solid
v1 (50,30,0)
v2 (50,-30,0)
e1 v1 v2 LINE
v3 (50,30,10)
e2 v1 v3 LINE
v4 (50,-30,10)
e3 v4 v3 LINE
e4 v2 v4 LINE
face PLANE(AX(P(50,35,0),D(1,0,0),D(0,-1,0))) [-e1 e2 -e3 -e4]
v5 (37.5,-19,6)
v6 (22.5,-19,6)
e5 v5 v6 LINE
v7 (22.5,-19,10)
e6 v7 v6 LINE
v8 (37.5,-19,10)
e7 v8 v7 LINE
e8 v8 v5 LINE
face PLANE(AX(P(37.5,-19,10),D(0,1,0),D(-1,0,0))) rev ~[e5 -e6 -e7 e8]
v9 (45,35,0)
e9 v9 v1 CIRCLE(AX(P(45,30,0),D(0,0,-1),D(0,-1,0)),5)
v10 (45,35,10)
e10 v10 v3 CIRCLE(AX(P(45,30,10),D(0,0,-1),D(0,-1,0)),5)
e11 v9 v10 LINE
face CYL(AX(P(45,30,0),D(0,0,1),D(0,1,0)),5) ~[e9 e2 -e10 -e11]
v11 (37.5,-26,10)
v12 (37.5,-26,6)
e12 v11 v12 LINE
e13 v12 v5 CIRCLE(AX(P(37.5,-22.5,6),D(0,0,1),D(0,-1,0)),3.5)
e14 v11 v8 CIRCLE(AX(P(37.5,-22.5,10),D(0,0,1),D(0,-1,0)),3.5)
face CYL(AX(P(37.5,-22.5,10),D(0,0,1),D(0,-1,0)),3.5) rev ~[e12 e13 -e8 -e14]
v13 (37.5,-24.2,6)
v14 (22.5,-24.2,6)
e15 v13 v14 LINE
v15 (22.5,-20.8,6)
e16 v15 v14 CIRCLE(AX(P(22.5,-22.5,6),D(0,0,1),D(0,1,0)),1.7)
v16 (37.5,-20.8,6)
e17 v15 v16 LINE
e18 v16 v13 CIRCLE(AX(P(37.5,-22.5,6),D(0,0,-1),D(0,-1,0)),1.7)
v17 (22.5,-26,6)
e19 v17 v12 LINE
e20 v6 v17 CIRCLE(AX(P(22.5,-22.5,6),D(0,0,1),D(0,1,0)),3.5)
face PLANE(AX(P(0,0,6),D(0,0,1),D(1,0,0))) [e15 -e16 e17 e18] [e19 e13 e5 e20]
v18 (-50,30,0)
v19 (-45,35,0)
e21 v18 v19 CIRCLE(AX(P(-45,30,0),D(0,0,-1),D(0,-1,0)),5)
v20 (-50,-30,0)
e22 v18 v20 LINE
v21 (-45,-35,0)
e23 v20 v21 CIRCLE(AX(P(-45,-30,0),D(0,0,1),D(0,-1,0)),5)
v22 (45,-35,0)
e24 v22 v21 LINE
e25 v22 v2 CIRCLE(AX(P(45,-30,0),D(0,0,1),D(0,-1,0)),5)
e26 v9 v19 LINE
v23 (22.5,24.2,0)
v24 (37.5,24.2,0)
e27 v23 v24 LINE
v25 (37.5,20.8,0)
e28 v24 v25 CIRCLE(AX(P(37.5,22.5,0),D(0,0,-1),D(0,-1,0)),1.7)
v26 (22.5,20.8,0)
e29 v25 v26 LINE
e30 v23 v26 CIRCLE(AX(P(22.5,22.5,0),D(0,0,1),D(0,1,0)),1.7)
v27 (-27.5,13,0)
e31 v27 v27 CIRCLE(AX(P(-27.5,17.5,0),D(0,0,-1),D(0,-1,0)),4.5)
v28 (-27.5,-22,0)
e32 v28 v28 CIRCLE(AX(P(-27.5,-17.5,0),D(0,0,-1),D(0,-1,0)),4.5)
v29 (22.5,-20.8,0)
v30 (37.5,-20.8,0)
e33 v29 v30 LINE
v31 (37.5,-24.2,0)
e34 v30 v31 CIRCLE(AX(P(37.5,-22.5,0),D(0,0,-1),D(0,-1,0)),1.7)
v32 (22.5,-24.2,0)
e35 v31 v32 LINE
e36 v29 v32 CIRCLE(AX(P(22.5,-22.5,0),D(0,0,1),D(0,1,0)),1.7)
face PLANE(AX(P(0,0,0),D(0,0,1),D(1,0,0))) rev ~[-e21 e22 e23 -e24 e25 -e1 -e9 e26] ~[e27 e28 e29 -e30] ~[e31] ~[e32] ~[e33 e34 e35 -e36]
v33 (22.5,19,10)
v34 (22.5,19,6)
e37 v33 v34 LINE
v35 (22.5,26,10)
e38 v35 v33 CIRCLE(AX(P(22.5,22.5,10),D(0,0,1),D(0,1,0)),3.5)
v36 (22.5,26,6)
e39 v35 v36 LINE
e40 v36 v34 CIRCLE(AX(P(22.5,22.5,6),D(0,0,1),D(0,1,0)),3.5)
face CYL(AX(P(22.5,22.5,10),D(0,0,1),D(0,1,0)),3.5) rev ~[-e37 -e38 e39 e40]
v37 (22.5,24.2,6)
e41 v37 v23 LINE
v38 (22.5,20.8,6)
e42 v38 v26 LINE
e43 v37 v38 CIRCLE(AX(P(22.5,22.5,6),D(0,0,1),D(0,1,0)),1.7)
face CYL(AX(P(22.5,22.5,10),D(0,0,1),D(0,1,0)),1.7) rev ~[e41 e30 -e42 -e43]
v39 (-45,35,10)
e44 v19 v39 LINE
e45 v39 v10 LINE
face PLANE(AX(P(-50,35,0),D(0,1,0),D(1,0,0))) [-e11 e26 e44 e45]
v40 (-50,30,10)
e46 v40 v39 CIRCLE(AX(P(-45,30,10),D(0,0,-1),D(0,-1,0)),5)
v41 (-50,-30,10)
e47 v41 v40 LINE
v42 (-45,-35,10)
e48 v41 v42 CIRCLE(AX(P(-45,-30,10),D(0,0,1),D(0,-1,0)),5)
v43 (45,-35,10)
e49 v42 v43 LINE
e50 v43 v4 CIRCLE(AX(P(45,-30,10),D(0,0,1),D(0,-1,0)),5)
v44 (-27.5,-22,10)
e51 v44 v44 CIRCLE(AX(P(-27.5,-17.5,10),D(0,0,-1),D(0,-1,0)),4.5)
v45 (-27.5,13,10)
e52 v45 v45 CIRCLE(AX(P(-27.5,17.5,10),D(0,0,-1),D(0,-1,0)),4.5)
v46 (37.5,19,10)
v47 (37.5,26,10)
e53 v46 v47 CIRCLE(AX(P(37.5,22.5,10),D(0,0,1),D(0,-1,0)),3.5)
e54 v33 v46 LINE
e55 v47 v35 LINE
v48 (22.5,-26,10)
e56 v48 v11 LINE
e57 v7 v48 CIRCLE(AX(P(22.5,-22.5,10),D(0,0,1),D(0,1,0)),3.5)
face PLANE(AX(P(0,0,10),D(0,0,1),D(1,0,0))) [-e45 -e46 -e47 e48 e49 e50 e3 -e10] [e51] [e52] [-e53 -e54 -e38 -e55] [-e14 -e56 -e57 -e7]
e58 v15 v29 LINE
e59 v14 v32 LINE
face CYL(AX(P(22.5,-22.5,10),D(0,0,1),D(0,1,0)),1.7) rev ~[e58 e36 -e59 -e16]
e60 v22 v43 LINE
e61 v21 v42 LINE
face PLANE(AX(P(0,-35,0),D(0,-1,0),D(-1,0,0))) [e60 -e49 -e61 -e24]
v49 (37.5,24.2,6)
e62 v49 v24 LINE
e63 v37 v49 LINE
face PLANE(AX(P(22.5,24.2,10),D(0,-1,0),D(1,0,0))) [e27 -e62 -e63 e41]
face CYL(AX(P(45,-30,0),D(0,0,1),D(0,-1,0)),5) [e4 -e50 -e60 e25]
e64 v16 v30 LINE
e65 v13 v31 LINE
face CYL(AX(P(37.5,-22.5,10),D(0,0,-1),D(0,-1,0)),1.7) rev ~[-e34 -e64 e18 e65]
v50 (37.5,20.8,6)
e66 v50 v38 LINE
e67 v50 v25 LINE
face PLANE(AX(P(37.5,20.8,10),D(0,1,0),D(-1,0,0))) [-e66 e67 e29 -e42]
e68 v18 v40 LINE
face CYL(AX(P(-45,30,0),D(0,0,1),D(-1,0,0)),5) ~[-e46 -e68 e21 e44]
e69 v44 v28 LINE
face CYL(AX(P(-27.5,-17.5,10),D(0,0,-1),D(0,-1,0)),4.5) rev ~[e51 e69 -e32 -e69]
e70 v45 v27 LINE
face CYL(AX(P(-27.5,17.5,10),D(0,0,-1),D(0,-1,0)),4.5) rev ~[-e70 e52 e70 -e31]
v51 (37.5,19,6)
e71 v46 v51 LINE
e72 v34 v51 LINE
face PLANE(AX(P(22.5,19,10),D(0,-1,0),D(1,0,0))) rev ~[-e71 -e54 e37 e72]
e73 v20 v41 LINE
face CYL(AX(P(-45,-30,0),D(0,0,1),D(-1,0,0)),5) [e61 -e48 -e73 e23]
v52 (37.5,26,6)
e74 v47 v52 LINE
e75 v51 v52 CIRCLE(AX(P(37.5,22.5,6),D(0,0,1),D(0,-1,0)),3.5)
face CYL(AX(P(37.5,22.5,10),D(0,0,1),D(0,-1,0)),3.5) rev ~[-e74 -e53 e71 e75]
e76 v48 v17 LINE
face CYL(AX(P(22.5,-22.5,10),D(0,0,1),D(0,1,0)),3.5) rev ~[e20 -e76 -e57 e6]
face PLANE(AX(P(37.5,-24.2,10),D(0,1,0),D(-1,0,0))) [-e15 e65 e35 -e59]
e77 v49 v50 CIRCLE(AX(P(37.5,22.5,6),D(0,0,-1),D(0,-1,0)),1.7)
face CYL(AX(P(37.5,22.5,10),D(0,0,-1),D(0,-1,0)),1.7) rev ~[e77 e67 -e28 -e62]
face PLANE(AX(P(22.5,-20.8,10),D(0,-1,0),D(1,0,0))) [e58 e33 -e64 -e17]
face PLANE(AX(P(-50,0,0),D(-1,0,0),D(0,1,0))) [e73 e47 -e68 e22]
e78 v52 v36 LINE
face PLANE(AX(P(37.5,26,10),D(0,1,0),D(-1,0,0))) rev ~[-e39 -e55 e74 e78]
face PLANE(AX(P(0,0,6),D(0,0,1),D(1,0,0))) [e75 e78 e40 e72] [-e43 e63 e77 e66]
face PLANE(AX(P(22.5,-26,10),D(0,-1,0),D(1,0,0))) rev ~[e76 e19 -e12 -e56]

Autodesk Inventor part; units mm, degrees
ref_plane "YZ Plane" through (0, 0, 0) normal (1, 0, 0) x (0, 1, 0)
ref_plane "XZ Plane" through (0, 0, 0) normal (0, 1, 0) x (-1, 0, 0)
ref_plane "XY Plane" through (0, 0, 0) normal (0, 0, 1) x (1, 0, 0)
sketch "Náčrt1" plane through (0, 0, 0) normal (0, 0, 1) x (1, 0, 0)
  line L0 (-70, 0) -> (70, 0) projected
  line L1 (0, -49) -> (0, 49) projected
  line L2 (-50, 35) -> (50, 35)
  line L3 (50, 35) -> (50, -35)
  line L4 (50, -35) -> (-50, -35)
  line L5 (-50, -35) -> (-50, 35)
  point P0 (0, 0)
  point P1 (0, 35)
  point P2 (-50, 0)
  dimension "d0" = 70
  dimension "d1" = 100
extrude "Vysunutí1" add sketch "Náčrt1" along normal blind 10
fillet "Zaoblení1" radius 5 4 edges at (50, 35, 5) (50, -35, 5) (-50, -35, 5) (-50, 35, 5)
sketch "Náčrt2" plane through (0, 0, 10) normal (0, 0, 1) x (1, 0, 0)
  line L0 (-50, 30) -> (-50, -30) projected
  point P0 (0, 0)
  point P1 (-27.5, 17.5)
  point P2 (-27.5, -17.5)
  point P3 (-50, 0)
  dimension "d5" = 22.5
  dimension "d6" = 22.5
  dimension "d7" = 35
  dimension "d8" = 17.5
hole "Díra1" at (-27.5, 17.5, 10) at (-27.5, -17.5, 10) direction (0, 0, -1) diameter 9 end through all
sketch "Náčrt3" plane through (0, 0, 10) normal (0, 0, 1) x (1, 0, 0)
  line L0 (50, -30) -> (50, 30) projected
  line L1 (37.5, 22.5) -> (22.5, 22.5) construction
  line L2 (37.5, 26) -> (22.5, 26)
  line L3 (22.5, 19) -> (37.5, 19)
  arc A0 (37.5, 19) -> (37.5, 26) centre (37.5, 22.5) ccw
  arc A1 (22.5, 26) -> (22.5, 19) centre (22.5, 22.5) ccw
  line L4 (37.5, -22.5) -> (22.5, -22.5) construction
  line L5 (37.5, -19) -> (22.5, -19)
  line L6 (22.5, -26) -> (37.5, -26)
  arc A2 (37.5, -26) -> (37.5, -19) centre (37.5, -22.5) ccw
  arc A3 (22.5, -19) -> (22.5, -26) centre (22.5, -22.5) ccw
  point P0 (0, 0)
  point P1 (50, 0)
  point P2 (30, 22.5)
  point P3 (30, -22.5)
  dimension "d16" = 45
  dimension "d17" = 22.5
  dimension "d18" = 12.5
  dimension "d19" = 12.5
  dimension "d20" = 15
  dimension "d21" = 7
  dimension "d22" = 15
  dimension "d23" = 7
hole "Díra2" at (37.5, 22.5, 10) at (37.5, -22.5, 10) direction (0, 0, -1) diameter 3.4 end through all clearance for "Šroub se zápustnou hlavou ISO 2009/7046" size "M3" standard "ISO"
extrude "Vysunutí2" cut sketch "Náčrt3" against normal blind 4
sketch "Náčrt4" plane through (0, 0, 10) normal (0, 0, 1) x (1, 0, 0)
  circle A0 centre (37.5, 22.5) radius 1.7 projected
  arc A1 (22.5, 26) -> (22.5, 19) centre (22.5, 22.5) ccw projected
  line L0 (37.5, 22.5) -> (22.5, 22.5) construction
  line L1 (37.5, 20.8) -> (22.5, 20.8)
  line L2 (22.5, 24.2) -> (37.5, 24.2)
  arc A2 (37.5, 20.8) -> (37.5, 24.2) centre (37.5, 22.5) ccw
  arc A3 (22.5, 24.2) -> (22.5, 20.8) centre (22.5, 22.5) ccw
  circle A4 centre (37.5, -22.5) radius 1.7 projected
  line L3 (37.5, -22.5) -> (22.5, -22.5) construction
  line L4 (37.5, -24.2) -> (22.5, -24.2)
  line L5 (22.5, -20.8) -> (37.5, -20.8)
  arc A5 (37.5, -24.2) -> (37.5, -20.8) centre (37.5, -22.5) ccw
  arc A6 (22.5, -20.8) -> (22.5, -24.2) centre (22.5, -22.5) ccw
  arc A7 (22.5, -19) -> (22.5, -26) centre (22.5, -22.5) ccw projected
  point P0 (0, 0)
  point P1 (30, 22.5)
  point P2 (30, -22.5)
extrude "Vysunutí3" cut sketch "Náčrt4" against normal through all
properties part number "drzal_kamery_real_sense"
